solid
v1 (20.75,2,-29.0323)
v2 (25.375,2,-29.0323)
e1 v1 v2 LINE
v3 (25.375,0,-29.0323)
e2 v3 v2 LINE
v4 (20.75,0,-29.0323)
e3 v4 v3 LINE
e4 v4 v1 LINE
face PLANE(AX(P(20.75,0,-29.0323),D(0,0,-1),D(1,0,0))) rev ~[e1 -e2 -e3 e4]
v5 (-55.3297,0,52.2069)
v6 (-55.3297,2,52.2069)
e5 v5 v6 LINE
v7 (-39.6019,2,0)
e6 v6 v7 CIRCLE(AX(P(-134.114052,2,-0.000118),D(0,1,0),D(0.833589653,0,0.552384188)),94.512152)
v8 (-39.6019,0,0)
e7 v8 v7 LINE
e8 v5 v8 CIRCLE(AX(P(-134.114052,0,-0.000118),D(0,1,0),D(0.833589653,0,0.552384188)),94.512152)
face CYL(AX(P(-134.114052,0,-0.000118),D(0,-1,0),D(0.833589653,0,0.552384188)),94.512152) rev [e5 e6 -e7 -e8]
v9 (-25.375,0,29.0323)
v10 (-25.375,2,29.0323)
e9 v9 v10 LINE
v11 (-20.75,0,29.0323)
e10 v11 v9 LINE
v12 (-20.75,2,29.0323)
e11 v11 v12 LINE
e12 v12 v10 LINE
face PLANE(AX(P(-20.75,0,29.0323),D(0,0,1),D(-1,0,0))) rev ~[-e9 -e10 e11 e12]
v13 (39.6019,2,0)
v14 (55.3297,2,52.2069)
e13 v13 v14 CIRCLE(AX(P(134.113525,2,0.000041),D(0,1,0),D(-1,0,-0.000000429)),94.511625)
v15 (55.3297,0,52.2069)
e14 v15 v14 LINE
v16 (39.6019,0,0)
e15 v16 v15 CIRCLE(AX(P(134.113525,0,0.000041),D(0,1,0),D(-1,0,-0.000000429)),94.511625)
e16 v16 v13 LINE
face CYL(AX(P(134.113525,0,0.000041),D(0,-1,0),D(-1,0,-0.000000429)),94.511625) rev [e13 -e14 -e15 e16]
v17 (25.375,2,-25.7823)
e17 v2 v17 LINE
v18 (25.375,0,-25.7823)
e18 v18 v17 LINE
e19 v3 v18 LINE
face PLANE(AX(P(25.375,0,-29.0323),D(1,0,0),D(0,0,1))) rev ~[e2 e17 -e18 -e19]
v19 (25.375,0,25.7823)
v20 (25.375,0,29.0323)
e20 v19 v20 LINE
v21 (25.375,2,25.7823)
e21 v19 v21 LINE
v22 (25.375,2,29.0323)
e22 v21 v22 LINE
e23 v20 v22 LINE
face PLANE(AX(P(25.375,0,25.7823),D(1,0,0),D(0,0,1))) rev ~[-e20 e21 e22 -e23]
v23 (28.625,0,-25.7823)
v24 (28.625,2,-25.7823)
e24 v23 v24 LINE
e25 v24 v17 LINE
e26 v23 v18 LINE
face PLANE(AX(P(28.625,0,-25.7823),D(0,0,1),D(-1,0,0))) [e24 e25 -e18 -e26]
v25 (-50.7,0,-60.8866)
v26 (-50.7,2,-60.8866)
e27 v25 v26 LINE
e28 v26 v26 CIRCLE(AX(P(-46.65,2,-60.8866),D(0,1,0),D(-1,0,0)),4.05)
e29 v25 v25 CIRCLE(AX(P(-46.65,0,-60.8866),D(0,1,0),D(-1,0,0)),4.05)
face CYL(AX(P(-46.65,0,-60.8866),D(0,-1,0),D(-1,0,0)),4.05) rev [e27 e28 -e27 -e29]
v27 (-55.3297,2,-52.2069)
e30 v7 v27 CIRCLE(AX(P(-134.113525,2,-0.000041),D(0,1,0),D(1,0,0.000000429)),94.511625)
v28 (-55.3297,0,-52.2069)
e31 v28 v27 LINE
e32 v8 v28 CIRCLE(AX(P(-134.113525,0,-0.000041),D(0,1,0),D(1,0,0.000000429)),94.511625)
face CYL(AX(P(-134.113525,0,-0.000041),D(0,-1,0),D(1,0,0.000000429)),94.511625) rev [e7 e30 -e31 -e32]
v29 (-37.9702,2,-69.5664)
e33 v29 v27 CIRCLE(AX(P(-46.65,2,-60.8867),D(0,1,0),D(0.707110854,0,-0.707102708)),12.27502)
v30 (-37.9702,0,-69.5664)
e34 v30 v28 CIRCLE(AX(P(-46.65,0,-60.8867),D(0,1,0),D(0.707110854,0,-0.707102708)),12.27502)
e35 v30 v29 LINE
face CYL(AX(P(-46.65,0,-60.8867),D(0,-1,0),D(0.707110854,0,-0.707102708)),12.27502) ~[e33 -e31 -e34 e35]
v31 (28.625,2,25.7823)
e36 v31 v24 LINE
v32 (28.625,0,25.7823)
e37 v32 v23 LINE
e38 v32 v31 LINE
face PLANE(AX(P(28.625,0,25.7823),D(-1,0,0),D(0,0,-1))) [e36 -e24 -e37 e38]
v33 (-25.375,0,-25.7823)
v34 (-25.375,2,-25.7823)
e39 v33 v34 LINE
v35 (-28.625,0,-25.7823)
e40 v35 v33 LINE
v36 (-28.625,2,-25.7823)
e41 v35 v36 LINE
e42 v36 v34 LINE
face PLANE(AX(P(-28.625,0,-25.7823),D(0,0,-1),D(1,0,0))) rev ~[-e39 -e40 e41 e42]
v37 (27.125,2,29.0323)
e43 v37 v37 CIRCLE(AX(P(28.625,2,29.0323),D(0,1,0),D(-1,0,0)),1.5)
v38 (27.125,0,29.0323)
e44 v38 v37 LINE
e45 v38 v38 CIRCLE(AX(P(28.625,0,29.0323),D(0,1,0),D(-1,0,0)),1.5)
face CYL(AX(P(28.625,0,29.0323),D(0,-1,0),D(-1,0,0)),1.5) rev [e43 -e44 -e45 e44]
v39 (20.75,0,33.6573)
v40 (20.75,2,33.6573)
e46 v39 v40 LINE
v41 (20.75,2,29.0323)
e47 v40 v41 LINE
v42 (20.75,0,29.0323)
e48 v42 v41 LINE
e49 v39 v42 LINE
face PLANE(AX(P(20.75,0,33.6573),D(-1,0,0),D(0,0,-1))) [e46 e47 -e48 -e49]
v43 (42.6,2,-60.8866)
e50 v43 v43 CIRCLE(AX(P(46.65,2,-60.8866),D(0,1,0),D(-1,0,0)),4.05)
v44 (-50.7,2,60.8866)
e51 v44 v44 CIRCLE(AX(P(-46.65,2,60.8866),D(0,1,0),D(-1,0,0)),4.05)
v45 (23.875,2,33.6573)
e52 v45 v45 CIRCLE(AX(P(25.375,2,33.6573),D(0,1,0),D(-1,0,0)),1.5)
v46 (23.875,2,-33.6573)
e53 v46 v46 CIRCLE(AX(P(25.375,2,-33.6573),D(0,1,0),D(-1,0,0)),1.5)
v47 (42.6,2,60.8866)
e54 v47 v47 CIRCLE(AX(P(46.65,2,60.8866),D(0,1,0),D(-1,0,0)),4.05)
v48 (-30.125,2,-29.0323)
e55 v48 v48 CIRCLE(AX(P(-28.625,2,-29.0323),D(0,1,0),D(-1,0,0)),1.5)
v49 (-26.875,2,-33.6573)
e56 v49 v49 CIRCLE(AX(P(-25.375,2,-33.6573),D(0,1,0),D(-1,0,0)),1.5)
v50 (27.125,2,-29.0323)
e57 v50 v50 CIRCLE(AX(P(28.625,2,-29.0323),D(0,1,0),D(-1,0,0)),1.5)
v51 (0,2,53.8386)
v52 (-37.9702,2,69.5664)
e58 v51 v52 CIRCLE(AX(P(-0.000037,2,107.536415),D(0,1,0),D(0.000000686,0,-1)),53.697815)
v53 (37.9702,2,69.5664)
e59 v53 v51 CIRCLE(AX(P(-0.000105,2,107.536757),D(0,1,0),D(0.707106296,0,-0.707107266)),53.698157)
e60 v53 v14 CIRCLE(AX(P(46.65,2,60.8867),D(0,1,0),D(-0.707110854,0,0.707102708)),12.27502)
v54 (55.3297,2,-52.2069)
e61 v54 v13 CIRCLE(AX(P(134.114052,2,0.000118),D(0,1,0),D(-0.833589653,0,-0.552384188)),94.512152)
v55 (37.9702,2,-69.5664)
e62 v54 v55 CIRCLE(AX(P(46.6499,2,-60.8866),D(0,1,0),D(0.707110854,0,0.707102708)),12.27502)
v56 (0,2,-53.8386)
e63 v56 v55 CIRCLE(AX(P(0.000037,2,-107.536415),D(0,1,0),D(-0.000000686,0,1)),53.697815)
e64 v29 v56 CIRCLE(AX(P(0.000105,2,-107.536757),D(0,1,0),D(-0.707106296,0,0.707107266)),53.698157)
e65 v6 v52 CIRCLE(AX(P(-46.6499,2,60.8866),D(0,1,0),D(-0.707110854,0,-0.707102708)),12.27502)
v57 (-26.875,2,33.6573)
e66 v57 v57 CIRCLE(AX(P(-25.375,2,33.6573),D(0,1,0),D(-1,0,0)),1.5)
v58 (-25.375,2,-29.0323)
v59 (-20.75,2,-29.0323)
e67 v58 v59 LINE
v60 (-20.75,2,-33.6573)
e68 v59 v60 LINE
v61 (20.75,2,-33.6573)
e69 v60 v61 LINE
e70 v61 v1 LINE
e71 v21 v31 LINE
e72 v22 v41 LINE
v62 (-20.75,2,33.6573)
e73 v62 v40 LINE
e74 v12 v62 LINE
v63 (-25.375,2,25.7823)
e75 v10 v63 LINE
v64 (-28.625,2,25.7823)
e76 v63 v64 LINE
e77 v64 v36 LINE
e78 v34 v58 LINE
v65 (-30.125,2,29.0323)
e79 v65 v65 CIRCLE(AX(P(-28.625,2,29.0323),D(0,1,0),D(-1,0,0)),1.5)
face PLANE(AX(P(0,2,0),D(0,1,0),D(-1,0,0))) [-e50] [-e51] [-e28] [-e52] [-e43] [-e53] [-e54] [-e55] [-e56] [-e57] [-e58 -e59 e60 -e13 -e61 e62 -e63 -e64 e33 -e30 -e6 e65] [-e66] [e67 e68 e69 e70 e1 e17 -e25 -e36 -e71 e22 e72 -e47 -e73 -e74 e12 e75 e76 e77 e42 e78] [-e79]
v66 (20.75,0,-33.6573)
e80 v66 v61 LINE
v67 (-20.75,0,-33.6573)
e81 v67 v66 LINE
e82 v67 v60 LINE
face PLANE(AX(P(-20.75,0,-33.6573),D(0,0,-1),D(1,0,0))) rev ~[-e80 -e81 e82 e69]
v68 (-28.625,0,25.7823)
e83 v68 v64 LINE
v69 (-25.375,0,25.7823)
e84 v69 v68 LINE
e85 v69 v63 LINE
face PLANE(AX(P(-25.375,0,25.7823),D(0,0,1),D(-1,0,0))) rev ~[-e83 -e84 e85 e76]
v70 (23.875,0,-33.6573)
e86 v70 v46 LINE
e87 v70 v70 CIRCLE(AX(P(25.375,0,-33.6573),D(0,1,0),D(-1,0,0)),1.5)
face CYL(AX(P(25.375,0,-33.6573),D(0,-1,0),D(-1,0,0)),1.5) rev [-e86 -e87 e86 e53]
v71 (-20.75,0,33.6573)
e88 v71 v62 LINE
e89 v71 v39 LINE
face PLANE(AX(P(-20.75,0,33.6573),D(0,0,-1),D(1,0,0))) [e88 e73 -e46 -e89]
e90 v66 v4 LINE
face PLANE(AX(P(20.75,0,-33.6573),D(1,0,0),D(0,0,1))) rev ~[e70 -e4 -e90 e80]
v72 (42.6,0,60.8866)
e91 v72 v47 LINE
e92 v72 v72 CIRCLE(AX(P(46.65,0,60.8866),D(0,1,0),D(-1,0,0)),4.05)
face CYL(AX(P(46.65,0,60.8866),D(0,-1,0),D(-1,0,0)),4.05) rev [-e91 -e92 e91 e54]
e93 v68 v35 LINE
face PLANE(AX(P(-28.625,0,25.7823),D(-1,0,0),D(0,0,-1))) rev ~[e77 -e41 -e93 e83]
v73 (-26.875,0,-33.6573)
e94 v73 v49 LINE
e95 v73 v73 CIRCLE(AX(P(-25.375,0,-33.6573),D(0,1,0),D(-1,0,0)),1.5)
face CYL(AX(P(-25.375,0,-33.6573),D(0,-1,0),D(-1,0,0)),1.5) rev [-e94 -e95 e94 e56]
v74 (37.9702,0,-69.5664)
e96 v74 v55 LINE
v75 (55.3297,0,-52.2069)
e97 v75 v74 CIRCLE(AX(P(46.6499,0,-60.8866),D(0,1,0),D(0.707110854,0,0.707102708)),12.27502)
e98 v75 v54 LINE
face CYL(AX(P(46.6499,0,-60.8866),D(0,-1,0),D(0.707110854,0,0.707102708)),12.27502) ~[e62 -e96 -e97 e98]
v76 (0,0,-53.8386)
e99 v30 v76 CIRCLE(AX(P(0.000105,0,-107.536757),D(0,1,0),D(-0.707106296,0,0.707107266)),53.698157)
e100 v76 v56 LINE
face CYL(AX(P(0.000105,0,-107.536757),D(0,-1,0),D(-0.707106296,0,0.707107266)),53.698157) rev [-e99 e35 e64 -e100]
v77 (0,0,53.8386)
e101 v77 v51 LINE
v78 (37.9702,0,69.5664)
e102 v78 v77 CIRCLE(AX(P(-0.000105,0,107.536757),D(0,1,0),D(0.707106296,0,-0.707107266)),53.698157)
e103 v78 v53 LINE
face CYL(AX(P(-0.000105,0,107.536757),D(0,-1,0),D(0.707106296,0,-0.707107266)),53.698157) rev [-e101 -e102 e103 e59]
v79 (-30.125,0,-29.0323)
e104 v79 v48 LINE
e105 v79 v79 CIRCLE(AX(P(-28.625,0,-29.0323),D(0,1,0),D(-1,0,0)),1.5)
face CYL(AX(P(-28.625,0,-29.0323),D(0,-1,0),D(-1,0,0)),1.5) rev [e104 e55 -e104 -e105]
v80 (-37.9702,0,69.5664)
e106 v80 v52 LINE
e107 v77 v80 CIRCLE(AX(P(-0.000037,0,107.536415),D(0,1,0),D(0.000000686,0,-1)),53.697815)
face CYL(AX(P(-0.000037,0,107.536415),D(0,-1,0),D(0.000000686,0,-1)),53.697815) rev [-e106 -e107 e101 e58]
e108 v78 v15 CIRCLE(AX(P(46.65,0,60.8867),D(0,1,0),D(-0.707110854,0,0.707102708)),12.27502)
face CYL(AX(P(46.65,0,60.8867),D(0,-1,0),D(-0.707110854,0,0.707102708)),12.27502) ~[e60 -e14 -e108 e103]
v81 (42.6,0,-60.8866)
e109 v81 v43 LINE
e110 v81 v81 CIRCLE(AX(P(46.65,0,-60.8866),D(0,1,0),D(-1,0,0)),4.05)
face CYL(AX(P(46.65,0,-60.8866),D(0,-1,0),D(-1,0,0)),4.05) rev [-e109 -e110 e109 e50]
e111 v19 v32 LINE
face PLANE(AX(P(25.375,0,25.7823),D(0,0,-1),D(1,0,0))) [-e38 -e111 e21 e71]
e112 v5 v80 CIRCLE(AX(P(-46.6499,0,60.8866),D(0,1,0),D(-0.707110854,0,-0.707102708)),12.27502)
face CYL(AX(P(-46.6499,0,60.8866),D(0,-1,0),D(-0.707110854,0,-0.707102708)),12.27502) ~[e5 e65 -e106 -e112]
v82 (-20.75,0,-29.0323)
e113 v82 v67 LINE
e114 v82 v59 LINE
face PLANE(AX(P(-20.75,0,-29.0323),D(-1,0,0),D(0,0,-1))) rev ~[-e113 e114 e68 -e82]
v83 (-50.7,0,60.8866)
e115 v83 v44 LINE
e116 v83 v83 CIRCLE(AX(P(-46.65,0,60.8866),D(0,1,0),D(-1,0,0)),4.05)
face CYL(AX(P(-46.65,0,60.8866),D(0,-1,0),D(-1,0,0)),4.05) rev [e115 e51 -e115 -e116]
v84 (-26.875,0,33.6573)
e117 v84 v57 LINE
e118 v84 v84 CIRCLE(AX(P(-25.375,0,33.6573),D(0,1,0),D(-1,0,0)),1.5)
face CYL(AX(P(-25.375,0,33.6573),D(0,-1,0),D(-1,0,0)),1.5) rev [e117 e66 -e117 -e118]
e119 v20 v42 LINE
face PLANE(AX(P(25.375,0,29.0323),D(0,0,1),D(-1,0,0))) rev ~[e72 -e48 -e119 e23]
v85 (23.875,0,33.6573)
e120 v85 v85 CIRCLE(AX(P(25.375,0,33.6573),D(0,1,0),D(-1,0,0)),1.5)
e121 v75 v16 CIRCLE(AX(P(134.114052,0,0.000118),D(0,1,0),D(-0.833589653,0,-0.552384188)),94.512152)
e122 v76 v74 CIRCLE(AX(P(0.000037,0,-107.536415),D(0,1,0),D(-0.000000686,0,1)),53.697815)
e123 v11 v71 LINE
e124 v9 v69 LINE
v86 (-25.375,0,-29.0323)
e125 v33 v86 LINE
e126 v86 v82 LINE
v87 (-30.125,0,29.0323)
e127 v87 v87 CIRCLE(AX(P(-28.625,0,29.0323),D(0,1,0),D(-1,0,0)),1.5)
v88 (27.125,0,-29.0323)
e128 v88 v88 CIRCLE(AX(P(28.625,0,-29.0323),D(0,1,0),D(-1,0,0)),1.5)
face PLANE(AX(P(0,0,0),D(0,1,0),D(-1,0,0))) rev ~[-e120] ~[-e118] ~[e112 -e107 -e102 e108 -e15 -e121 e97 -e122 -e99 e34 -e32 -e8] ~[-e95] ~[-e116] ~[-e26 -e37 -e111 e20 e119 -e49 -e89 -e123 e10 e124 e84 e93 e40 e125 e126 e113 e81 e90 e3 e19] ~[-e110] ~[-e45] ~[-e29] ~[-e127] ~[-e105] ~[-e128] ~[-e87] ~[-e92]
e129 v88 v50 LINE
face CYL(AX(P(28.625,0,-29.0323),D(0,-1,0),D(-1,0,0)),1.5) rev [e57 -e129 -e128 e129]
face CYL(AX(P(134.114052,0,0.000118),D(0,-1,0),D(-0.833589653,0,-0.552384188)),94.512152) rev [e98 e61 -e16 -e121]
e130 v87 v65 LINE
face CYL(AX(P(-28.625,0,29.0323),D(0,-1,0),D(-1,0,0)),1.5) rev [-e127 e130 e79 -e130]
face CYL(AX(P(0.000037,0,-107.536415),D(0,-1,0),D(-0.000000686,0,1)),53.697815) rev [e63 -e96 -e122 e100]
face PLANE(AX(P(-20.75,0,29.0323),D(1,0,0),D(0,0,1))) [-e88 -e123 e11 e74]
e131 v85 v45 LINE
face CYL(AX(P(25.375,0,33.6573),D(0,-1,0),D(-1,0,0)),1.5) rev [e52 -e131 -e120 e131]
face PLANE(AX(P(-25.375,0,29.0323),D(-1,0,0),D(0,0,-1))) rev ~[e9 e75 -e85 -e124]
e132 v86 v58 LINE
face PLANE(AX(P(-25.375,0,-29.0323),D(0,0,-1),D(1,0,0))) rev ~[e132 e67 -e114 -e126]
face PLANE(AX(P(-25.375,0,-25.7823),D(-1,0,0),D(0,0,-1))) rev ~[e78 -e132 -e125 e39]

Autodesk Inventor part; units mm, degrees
ref_plane "YZ Plane" through (0, 0, 0) normal (1, 0, 0) x (0, 1, 0)
ref_plane "XZ Plane" through (0, 0, 0) normal (0, 1, 0) x (-1, 0, 0)
ref_plane "XY Plane" through (0, 0, 0) normal (0, 0, 1) x (1, 0, 0)
sketch "Sketch1" plane through (0, 0, 0) normal (0, 1, 0) x (-1, 0, 0)
  circle A0 centre (-28.625, 29.0323) radius 1.5
  circle A1 centre (-25.375, 33.6573) radius 1.5
  arc A2 (-37.9702, 69.5664) -> (0, 53.8386) centre (0, 107.5366) ccw
  arc A3 (-39.6019, 0) -> (-55.3297, 52.2069) centre (-134.1138, 0) ccw
  circle A4 centre (-46.65, 60.8866) radius 4.05
  arc A5 (-37.9702, 69.5664) -> (-55.3297, 52.2069) centre (-46.65, 60.8866) ccw
  arc A6 (-55.3297, -52.2069) -> (-39.6019, 0) centre (-134.1138, 0) ccw
  circle A7 centre (-28.625, -29.0323) radius 1.5
  circle A8 centre (-25.375, -33.6573) radius 1.5
  circle A9 centre (-46.65, -60.8866) radius 4.05
  arc A10 (-55.3297, -52.2069) -> (-37.9702, -69.5664) centre (-46.65, -60.8866) ccw
  arc A11 (0, -53.8386) -> (-37.9702, -69.5664) centre (0, -107.5366) ccw
  arc A12 (39.6019, 0) -> (55.3297, -52.2069) centre (134.1138, 0) ccw
  circle A13 centre (28.625, -29.0323) radius 1.5
  circle A14 centre (25.375, -33.6573) radius 1.5
  arc A15 (37.9702, -69.5664) -> (0, -53.8386) centre (0, -107.5366) ccw
  circle A16 centre (46.65, -60.8866) radius 4.05
  arc A17 (37.9702, -69.5664) -> (55.3297, -52.2069) centre (46.65, -60.8866) ccw
  circle A18 centre (28.625, 29.0323) radius 1.5
  circle A19 centre (25.375, 33.6573) radius 1.5
  arc A20 (0, 53.8386) -> (37.9702, 69.5664) centre (0, 107.5366) ccw
  arc A21 (55.3297, 52.2069) -> (39.6019, 0) centre (134.1138, 0) ccw
  circle A22 centre (46.65, 60.8866) radius 4.05
  arc A23 (55.3297, 52.2069) -> (37.9702, 69.5664) centre (46.65, 60.8866) ccw
  arc A24 (55.3297, 52.2069) -> (37.9702, 69.5664) centre (46.65, 60.8866) ccw
  arc A25 (-37.9702, 69.5664) -> (-55.3297, 52.2069) centre (-46.65, 60.8866) ccw
  arc A26 (-55.3297, -52.2069) -> (-37.9702, -69.5664) centre (-46.65, -60.8866) ccw
  circle A27 centre (-46.65, -60.8866) radius 4.05
  circle A28 centre (46.65, -60.8866) radius 4.05
  circle A29 centre (46.65, 60.8866) radius 4.05
  circle A30 centre (-46.65, 60.8866) radius 4.05
  circle A31 centre (-25.375, -33.6573) radius 1.5
  circle A32 centre (-28.625, -29.0323) radius 1.5
  circle A33 centre (25.375, -33.6573) radius 1.5
  circle A34 centre (28.625, -29.0323) radius 1.5
  circle A35 centre (28.625, 29.0323) radius 1.5
  circle A36 centre (25.375, 33.6573) radius 1.5
  circle A37 centre (-28.625, 29.0323) radius 1.5
  circle A38 centre (-25.375, 33.6573) radius 1.5
  arc A39 (-37.9702, 69.5664) -> (37.9702, 69.5664) centre (0, 107.5366) ccw
  arc A40 (55.3297, 52.2069) -> (55.3297, -52.2069) centre (134.1138, 0) ccw
  arc A41 (-55.3297, -52.2069) -> (-55.3297, 52.2069) centre (-134.1138, 0) ccw
  arc A42 (37.9702, -69.5664) -> (-37.9702, -69.5664) centre (0, -107.5366) ccw
  line L0 (28.625, -25.7823) -> (25.375, -25.7823)
  line L1 (25.375, 25.7823) -> (28.625, 25.7823)
  line L2 (28.625, 25.7823) -> (28.625, -25.7823)
  line L3 (-28.625, -25.7823) -> (-25.375, -25.7823)
  line L4 (-25.375, 25.7823) -> (-28.625, 25.7823)
  line L5 (-28.625, 25.7823) -> (-28.625, -25.7823)
  line L6 (20.75, -33.6573) -> (-20.75, -33.6573)
  line L7 (-20.75, -33.6573) -> (-20.75, -29.0323)
  line L8 (20.75, -29.0323) -> (20.75, -33.6573)
  line L9 (20.75, 33.6573) -> (-20.75, 33.6573)
  line L10 (-20.75, 33.6573) -> (-20.75, 29.0323)
  line L11 (20.75, 29.0323) -> (20.75, 33.6573)
  line L12 (25.375, 29.0323) -> (25.375, 25.7823)
  line L13 (25.375, -25.7823) -> (25.375, -29.0323)
  line L14 (25.375, -29.0323) -> (20.75, -29.0323)
  line L15 (-20.75, -29.0323) -> (-25.375, -29.0323)
  line L16 (-25.375, -29.0323) -> (-25.375, -25.7823)
  line L17 (-25.375, 25.7823) -> (-25.375, 29.0323)
  line L18 (-25.375, 29.0323) -> (-20.75, 29.0323)
  line L19 (20.75, 29.0323) -> (25.375, 29.0323)
  point P0 (-25.25, 18.3592)
  point P1 (-4.2075, 54.5249)
  point P2 (-4.2075, -54.5249)
  point P3 (25.25, 18.3592)
  point P4 (4.2075, -54.5249)
  point P5 (4.2075, 54.5249)
  dimension "d0" = 3.25
  dimension "d1" = 3.25
  dimension "d2" = 4.625
  dimension "d3" = 4.625
extrude "Extrusion1" add sketch "Sketch1" along normal blind 2
properties part number "atas4"
